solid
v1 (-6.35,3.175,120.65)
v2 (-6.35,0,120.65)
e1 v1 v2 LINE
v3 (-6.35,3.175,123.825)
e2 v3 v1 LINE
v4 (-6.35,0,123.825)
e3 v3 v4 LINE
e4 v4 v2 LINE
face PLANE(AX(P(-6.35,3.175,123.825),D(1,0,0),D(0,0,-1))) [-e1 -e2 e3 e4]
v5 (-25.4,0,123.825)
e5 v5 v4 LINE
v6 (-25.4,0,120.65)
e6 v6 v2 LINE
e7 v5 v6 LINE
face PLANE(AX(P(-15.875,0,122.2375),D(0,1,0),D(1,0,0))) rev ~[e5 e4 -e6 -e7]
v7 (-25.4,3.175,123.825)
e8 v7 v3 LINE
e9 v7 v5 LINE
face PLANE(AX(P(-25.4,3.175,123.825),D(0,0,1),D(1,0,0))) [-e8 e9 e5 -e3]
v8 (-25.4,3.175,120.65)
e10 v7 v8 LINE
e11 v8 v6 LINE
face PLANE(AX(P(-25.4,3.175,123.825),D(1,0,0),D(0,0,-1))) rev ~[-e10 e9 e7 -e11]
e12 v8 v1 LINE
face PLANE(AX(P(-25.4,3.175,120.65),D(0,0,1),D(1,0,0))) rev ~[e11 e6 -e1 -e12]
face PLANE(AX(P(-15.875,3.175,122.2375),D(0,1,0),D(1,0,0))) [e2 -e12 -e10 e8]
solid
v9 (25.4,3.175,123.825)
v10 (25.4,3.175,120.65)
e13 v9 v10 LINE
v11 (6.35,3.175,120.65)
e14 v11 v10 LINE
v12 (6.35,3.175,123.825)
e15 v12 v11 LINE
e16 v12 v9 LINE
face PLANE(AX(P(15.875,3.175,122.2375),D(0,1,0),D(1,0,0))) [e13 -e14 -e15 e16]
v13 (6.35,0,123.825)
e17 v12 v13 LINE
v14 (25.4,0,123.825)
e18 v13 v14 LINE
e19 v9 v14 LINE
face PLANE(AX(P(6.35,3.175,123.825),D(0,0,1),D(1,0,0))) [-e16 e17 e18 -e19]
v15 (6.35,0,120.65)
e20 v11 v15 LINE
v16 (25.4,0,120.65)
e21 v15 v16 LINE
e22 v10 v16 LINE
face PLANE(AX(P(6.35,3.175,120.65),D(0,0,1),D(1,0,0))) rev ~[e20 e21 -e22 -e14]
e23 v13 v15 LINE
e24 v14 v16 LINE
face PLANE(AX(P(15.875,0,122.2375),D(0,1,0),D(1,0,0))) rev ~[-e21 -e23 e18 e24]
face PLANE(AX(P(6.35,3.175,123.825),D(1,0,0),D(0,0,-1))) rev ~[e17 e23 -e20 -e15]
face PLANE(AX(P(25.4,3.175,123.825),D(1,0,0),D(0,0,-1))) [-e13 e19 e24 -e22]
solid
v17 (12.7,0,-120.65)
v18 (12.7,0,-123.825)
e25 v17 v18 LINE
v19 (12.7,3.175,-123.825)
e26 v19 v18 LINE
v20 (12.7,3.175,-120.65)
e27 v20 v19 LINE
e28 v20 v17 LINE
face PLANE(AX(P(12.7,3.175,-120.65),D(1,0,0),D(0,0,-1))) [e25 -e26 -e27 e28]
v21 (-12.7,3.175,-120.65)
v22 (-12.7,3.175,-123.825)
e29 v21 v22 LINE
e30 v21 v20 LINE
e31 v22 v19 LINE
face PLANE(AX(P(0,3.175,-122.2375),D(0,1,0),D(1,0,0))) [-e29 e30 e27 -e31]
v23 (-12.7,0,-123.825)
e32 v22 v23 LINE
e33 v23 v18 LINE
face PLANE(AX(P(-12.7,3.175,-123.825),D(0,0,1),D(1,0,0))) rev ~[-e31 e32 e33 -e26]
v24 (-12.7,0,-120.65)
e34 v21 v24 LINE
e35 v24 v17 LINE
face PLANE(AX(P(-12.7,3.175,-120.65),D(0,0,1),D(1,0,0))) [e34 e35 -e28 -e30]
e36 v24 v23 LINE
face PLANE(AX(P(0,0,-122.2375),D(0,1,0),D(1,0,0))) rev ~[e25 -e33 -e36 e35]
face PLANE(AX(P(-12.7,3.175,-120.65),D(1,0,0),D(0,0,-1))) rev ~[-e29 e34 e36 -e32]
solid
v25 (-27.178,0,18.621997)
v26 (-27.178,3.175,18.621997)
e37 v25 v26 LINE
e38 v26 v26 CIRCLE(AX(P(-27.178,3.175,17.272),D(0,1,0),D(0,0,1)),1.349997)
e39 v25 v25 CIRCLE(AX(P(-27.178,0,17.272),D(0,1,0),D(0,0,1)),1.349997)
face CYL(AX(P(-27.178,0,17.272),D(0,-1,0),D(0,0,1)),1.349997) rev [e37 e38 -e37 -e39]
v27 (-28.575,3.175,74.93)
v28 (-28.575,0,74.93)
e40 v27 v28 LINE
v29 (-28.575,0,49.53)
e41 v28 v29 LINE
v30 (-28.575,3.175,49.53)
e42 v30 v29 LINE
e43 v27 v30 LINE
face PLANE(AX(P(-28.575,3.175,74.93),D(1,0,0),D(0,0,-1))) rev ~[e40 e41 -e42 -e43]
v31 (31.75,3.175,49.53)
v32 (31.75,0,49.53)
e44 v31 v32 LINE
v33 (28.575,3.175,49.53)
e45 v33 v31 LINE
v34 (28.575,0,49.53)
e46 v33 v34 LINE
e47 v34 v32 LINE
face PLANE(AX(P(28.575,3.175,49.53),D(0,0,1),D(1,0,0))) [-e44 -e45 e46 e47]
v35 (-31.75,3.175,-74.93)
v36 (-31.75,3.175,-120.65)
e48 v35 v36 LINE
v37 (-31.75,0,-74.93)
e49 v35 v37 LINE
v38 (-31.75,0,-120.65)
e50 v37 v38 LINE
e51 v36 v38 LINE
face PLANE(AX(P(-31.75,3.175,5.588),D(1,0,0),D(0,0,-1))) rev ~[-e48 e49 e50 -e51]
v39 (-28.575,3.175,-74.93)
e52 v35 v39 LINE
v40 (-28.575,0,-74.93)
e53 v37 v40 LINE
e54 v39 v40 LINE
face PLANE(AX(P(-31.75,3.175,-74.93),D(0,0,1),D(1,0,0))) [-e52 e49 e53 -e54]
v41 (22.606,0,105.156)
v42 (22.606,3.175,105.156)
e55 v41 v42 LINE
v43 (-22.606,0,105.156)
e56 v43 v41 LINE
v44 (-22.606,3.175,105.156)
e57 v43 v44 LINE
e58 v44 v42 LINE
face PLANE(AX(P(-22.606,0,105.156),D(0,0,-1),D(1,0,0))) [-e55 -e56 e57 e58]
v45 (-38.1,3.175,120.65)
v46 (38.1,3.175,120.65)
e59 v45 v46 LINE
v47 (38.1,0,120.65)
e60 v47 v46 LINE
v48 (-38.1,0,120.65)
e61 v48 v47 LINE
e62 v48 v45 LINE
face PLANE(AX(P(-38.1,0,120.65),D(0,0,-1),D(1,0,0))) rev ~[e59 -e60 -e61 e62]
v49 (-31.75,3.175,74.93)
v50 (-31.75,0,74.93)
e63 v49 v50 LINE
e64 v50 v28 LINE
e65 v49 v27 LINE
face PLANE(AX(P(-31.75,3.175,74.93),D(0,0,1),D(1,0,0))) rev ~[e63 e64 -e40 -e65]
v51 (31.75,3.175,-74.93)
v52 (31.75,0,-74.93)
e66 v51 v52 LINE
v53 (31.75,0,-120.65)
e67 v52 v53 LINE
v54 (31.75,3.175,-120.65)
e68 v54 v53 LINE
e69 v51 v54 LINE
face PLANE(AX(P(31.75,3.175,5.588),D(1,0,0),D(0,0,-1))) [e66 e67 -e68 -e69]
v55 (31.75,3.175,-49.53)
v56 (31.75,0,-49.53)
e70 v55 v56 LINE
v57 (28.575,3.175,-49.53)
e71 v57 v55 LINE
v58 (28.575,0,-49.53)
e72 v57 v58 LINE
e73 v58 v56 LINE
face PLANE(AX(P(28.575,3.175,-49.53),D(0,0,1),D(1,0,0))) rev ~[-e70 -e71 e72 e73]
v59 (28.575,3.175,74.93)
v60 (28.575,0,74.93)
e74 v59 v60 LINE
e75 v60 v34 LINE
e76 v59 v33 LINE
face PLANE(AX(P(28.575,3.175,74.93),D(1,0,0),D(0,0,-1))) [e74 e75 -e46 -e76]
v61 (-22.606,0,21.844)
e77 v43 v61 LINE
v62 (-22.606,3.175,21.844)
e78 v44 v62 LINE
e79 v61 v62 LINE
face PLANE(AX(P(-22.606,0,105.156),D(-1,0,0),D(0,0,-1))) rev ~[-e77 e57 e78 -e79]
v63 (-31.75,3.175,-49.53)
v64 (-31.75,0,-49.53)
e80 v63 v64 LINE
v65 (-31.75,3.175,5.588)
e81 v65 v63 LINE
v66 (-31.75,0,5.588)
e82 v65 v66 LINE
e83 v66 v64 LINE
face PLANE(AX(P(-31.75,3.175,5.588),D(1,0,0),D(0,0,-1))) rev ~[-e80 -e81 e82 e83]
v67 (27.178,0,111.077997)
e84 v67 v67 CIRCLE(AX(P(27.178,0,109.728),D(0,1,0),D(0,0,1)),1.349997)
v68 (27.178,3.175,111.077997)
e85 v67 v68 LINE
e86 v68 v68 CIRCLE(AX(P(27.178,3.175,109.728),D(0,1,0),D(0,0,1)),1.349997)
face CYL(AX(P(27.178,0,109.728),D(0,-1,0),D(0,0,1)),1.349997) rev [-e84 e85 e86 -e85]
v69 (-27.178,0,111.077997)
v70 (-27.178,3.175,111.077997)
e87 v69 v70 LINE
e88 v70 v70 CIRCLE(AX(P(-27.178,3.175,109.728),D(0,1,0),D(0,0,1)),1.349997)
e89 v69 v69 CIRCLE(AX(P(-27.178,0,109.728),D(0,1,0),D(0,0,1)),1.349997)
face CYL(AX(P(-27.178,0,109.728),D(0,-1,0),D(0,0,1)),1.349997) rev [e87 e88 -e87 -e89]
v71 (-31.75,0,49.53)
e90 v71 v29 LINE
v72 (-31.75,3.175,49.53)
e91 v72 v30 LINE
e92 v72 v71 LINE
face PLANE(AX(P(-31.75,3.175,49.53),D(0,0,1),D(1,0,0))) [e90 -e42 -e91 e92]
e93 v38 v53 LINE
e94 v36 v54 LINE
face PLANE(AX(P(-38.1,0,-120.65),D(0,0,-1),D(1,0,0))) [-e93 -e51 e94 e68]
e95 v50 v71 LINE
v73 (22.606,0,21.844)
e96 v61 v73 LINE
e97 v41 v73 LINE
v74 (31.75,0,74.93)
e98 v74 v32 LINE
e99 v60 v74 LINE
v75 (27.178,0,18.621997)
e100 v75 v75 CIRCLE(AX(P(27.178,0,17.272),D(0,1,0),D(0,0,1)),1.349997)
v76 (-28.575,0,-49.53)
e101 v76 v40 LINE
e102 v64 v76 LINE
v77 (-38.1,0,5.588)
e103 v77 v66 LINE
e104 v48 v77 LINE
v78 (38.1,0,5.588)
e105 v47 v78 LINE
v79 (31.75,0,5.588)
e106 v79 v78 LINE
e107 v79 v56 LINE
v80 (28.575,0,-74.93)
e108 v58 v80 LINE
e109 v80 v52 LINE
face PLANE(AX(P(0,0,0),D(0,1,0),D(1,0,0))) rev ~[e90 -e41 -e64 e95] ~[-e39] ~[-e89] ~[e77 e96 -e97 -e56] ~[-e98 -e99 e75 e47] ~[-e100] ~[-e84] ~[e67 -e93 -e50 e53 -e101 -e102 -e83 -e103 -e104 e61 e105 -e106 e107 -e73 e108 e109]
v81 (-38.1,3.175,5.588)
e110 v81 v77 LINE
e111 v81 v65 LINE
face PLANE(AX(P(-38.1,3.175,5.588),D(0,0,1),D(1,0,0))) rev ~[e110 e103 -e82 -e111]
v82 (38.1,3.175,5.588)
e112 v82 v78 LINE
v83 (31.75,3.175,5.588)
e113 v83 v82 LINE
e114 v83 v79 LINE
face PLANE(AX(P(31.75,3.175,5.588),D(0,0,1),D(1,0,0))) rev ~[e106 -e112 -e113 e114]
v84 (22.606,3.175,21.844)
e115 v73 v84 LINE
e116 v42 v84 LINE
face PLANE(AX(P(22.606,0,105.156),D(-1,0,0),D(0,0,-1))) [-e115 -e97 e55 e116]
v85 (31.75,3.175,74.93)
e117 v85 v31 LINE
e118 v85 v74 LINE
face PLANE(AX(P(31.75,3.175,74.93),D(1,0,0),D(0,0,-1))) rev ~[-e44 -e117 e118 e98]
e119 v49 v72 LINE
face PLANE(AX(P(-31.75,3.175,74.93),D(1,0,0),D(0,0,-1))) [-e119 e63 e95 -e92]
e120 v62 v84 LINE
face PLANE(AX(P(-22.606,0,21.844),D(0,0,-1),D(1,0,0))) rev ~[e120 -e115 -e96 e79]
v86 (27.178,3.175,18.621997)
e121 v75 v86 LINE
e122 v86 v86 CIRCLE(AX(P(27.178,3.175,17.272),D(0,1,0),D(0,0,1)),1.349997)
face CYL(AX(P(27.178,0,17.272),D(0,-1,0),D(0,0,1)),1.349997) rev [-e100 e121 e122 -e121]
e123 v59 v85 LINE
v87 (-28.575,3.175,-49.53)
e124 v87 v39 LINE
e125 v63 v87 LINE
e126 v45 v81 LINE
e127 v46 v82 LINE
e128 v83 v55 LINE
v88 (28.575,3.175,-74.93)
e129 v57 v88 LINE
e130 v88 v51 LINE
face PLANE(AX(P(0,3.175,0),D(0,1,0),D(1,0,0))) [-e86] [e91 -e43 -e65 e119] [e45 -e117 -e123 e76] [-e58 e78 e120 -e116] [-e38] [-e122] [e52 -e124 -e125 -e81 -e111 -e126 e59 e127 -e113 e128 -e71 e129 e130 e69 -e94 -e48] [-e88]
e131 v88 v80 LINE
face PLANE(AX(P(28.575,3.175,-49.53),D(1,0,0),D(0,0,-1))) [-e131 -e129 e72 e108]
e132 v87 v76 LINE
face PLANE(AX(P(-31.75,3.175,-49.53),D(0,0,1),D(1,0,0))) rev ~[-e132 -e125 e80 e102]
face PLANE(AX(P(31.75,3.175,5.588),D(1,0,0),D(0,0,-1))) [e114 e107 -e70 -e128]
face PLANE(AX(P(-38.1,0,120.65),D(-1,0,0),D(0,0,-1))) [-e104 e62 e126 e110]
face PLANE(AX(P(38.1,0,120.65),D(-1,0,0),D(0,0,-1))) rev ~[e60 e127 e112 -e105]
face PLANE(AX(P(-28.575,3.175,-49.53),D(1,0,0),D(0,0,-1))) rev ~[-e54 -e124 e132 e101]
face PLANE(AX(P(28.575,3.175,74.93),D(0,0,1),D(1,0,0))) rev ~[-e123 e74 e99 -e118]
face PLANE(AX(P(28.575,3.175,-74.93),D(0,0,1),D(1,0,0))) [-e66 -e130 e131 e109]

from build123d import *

# Parameters (mm, degrees)
SKETCH1_W             = 76.2
SKETCH1_H             = 241.3
BOSS_EXTRUDE1_DEPTH   = 3.175
SKETCH1_3_W           = 45.212
SKETCH1_3_H           = 83.312
CUT_EXTRUDE2_DEPTH    = 3.175
SKETCH1_5_R           = 1.3499973
CUT_EXTRUDE5_DEPTH    = 3.175
SKETCH1_6_R           = 1.3499973
CUT_EXTRUDE6_DEPTH    = 3.175
SKETCH1_7_R           = 1.3499973
CUT_EXTRUDE7_DEPTH    = 3.175
SKETCH1_8_R           = 1.3499973
CUT_EXTRUDE9_DEPTH    = 3.175
SKETCH5_W             = 6.35
SKETCH5_H             = 126.238
CUT_EXTRUDE11_DEPTH   = 3.175
SKETCH5_4_W           = 6.35
SKETCH5_4_H           = 126.238
CUT_EXTRUDE12_DEPTH   = 3.175
SKETCH7_W             = 3.175
SKETCH7_H             = 25.4
CUT_EXTRUDE13_DEPTH   = 3.175
SKETCH7_3_W           = 3.175
SKETCH7_3_H           = 25.4
CUT_EXTRUDE14_DEPTH   = 3.175
SKETCH8_W             = 19.05
SKETCH8_H             = 3.175
BOSS_EXTRUDE2_DEPTH   = 3.175
BOSS_EXTRUDE2_2_DEPTH = 3.175
SKETCH8_W_2           = 25.4
BOSS_EXTRUDE2_3_DEPTH = 3.175


with BuildPart() as part:
    # Sketch1 → Boss-Extrude1 (new body)
    with BuildSketch(Plane(origin=(0, 0, 0), x_dir=(1, 0, 0), z_dir=(0, 1, 0))):
        Rectangle(SKETCH1_W, SKETCH1_H)
    extrude(amount=BOSS_EXTRUDE1_DEPTH)

    # Sketch1<3> → Cut-Extrude2 (cut)
    with BuildSketch(Plane(origin=(0, 0, 0), x_dir=(1, 0, 0), z_dir=(0, 1, 0))):
        with Locations((0, -63.5)):
            Rectangle(SKETCH1_3_W, SKETCH1_3_H)
    extrude(amount=CUT_EXTRUDE2_DEPTH, mode=Mode.SUBTRACT)

    # Sketch1<5> → Cut-Extrude5 (cut)
    with BuildSketch(Plane(origin=(0, 0, 0), x_dir=(1, 0, 0), z_dir=(0, 1, 0))):
        with Locations((-27.178, -17.272)):
            Circle(SKETCH1_5_R)
    extrude(amount=CUT_EXTRUDE5_DEPTH, mode=Mode.SUBTRACT)

    # Sketch1<6> → Cut-Extrude6 (cut)
    with BuildSketch(Plane(origin=(0, 0, 0), x_dir=(1, 0, 0), z_dir=(0, 1, 0))):
        with Locations((27.178, -17.272)):
            Circle(SKETCH1_6_R)
    extrude(amount=CUT_EXTRUDE6_DEPTH, mode=Mode.SUBTRACT)

    # Sketch1<7> → Cut-Extrude7 (cut)
    with BuildSketch(Plane(origin=(0, 0, 0), x_dir=(1, 0, 0), z_dir=(0, 1, 0))):
        with Locations((-27.178, -109.728)):
            Circle(SKETCH1_7_R)
    extrude(amount=CUT_EXTRUDE7_DEPTH, mode=Mode.SUBTRACT)

    # Sketch1<8> → Cut-Extrude9 (cut)
    with BuildSketch(Plane(origin=(0, 0, 0), x_dir=(1, 0, 0), z_dir=(0, 1, 0))):
        with Locations((27.178, -109.728)):
            Circle(SKETCH1_8_R)
    extrude(amount=CUT_EXTRUDE9_DEPTH, mode=Mode.SUBTRACT)

    # Sketch5 → Cut-Extrude11 (cut)
    with BuildSketch(Plane(origin=(0, 3.175, 0), x_dir=(1, 0, 0), z_dir=(0, 1, 0))):
        with Locations((-34.925, 57.531)):
            Rectangle(SKETCH5_W, SKETCH5_H)
    extrude(amount=-CUT_EXTRUDE11_DEPTH, mode=Mode.SUBTRACT)

    # Sketch5<4> → Cut-Extrude12 (cut)
    with BuildSketch(Plane(origin=(0, 3.175, 0), x_dir=(1, 0, 0), z_dir=(0, 1, 0))):
        with Locations((34.925, 57.531)):
            Rectangle(SKETCH5_4_W, SKETCH5_4_H)
    extrude(amount=-CUT_EXTRUDE12_DEPTH, mode=Mode.SUBTRACT)

    # Sketch7 → Cut-Extrude13 (cut)
    with BuildSketch(Plane(origin=(0, 3.175, 0), x_dir=(1, 0, 0), z_dir=(0, 1, 0))):
        with Locations((-30.1625, -62.23)):
            Rectangle(SKETCH7_W, SKETCH7_H)
    extrude(amount=-CUT_EXTRUDE13_DEPTH, mode=Mode.SUBTRACT)

    # Sketch7<3> → Cut-Extrude14 (cut)
    with BuildSketch(Plane(origin=(0, 3.175, 0), x_dir=(1, 0, 0), z_dir=(0, 1, 0))):
        with Locations((-30.1625, -62.23)):
            Rectangle(SKETCH7_3_W, SKETCH7_3_H)
        with Locations((30.1625, -62.23)):
            Rectangle(SKETCH7_3_W, SKETCH7_3_H)
        with Locations((-30.1625, 62.23)):
            Rectangle(SKETCH7_3_W, SKETCH7_3_H)
        with Locations((30.1625, 62.23)):
            Rectangle(SKETCH7_3_W, SKETCH7_3_H)
    extrude(amount=-CUT_EXTRUDE14_DEPTH, mode=Mode.SUBTRACT)


with BuildPart() as body_2:
    # Sketch8 → Boss-Extrude2 (new body)
    with BuildSketch(Plane(origin=(0, 3.175, 0), x_dir=(1, 0, 0), z_dir=(0, 1, 0))):
        with Locations((-15.875, -122.2375)):
            Rectangle(SKETCH8_W, SKETCH8_H)
    extrude(amount=-BOSS_EXTRUDE2_DEPTH)


with BuildPart() as body_3:
    # Sketch8 → Boss-Extrude2 2 (new body)
    with BuildSketch(Plane(origin=(0, 3.175, 0), x_dir=(1, 0, 0), z_dir=(0, 1, 0))):
        with Locations((15.875, -122.2375)):
            Rectangle(SKETCH8_W, SKETCH8_H)
    extrude(amount=-BOSS_EXTRUDE2_2_DEPTH)


with BuildPart() as body_4:
    # Sketch8 → Boss-Extrude2 3 (new body)
    with BuildSketch(Plane(origin=(0, 3.175, 0), x_dir=(1, 0, 0), z_dir=(0, 1, 0))):
        with Locations((0, 122.2375)):
            Rectangle(SKETCH8_W_2, SKETCH8_H)
    extrude(amount=-BOSS_EXTRUDE2_3_DEPTH)


solid = Compound([part.part, body_2.part, body_3.part, body_4.part])
